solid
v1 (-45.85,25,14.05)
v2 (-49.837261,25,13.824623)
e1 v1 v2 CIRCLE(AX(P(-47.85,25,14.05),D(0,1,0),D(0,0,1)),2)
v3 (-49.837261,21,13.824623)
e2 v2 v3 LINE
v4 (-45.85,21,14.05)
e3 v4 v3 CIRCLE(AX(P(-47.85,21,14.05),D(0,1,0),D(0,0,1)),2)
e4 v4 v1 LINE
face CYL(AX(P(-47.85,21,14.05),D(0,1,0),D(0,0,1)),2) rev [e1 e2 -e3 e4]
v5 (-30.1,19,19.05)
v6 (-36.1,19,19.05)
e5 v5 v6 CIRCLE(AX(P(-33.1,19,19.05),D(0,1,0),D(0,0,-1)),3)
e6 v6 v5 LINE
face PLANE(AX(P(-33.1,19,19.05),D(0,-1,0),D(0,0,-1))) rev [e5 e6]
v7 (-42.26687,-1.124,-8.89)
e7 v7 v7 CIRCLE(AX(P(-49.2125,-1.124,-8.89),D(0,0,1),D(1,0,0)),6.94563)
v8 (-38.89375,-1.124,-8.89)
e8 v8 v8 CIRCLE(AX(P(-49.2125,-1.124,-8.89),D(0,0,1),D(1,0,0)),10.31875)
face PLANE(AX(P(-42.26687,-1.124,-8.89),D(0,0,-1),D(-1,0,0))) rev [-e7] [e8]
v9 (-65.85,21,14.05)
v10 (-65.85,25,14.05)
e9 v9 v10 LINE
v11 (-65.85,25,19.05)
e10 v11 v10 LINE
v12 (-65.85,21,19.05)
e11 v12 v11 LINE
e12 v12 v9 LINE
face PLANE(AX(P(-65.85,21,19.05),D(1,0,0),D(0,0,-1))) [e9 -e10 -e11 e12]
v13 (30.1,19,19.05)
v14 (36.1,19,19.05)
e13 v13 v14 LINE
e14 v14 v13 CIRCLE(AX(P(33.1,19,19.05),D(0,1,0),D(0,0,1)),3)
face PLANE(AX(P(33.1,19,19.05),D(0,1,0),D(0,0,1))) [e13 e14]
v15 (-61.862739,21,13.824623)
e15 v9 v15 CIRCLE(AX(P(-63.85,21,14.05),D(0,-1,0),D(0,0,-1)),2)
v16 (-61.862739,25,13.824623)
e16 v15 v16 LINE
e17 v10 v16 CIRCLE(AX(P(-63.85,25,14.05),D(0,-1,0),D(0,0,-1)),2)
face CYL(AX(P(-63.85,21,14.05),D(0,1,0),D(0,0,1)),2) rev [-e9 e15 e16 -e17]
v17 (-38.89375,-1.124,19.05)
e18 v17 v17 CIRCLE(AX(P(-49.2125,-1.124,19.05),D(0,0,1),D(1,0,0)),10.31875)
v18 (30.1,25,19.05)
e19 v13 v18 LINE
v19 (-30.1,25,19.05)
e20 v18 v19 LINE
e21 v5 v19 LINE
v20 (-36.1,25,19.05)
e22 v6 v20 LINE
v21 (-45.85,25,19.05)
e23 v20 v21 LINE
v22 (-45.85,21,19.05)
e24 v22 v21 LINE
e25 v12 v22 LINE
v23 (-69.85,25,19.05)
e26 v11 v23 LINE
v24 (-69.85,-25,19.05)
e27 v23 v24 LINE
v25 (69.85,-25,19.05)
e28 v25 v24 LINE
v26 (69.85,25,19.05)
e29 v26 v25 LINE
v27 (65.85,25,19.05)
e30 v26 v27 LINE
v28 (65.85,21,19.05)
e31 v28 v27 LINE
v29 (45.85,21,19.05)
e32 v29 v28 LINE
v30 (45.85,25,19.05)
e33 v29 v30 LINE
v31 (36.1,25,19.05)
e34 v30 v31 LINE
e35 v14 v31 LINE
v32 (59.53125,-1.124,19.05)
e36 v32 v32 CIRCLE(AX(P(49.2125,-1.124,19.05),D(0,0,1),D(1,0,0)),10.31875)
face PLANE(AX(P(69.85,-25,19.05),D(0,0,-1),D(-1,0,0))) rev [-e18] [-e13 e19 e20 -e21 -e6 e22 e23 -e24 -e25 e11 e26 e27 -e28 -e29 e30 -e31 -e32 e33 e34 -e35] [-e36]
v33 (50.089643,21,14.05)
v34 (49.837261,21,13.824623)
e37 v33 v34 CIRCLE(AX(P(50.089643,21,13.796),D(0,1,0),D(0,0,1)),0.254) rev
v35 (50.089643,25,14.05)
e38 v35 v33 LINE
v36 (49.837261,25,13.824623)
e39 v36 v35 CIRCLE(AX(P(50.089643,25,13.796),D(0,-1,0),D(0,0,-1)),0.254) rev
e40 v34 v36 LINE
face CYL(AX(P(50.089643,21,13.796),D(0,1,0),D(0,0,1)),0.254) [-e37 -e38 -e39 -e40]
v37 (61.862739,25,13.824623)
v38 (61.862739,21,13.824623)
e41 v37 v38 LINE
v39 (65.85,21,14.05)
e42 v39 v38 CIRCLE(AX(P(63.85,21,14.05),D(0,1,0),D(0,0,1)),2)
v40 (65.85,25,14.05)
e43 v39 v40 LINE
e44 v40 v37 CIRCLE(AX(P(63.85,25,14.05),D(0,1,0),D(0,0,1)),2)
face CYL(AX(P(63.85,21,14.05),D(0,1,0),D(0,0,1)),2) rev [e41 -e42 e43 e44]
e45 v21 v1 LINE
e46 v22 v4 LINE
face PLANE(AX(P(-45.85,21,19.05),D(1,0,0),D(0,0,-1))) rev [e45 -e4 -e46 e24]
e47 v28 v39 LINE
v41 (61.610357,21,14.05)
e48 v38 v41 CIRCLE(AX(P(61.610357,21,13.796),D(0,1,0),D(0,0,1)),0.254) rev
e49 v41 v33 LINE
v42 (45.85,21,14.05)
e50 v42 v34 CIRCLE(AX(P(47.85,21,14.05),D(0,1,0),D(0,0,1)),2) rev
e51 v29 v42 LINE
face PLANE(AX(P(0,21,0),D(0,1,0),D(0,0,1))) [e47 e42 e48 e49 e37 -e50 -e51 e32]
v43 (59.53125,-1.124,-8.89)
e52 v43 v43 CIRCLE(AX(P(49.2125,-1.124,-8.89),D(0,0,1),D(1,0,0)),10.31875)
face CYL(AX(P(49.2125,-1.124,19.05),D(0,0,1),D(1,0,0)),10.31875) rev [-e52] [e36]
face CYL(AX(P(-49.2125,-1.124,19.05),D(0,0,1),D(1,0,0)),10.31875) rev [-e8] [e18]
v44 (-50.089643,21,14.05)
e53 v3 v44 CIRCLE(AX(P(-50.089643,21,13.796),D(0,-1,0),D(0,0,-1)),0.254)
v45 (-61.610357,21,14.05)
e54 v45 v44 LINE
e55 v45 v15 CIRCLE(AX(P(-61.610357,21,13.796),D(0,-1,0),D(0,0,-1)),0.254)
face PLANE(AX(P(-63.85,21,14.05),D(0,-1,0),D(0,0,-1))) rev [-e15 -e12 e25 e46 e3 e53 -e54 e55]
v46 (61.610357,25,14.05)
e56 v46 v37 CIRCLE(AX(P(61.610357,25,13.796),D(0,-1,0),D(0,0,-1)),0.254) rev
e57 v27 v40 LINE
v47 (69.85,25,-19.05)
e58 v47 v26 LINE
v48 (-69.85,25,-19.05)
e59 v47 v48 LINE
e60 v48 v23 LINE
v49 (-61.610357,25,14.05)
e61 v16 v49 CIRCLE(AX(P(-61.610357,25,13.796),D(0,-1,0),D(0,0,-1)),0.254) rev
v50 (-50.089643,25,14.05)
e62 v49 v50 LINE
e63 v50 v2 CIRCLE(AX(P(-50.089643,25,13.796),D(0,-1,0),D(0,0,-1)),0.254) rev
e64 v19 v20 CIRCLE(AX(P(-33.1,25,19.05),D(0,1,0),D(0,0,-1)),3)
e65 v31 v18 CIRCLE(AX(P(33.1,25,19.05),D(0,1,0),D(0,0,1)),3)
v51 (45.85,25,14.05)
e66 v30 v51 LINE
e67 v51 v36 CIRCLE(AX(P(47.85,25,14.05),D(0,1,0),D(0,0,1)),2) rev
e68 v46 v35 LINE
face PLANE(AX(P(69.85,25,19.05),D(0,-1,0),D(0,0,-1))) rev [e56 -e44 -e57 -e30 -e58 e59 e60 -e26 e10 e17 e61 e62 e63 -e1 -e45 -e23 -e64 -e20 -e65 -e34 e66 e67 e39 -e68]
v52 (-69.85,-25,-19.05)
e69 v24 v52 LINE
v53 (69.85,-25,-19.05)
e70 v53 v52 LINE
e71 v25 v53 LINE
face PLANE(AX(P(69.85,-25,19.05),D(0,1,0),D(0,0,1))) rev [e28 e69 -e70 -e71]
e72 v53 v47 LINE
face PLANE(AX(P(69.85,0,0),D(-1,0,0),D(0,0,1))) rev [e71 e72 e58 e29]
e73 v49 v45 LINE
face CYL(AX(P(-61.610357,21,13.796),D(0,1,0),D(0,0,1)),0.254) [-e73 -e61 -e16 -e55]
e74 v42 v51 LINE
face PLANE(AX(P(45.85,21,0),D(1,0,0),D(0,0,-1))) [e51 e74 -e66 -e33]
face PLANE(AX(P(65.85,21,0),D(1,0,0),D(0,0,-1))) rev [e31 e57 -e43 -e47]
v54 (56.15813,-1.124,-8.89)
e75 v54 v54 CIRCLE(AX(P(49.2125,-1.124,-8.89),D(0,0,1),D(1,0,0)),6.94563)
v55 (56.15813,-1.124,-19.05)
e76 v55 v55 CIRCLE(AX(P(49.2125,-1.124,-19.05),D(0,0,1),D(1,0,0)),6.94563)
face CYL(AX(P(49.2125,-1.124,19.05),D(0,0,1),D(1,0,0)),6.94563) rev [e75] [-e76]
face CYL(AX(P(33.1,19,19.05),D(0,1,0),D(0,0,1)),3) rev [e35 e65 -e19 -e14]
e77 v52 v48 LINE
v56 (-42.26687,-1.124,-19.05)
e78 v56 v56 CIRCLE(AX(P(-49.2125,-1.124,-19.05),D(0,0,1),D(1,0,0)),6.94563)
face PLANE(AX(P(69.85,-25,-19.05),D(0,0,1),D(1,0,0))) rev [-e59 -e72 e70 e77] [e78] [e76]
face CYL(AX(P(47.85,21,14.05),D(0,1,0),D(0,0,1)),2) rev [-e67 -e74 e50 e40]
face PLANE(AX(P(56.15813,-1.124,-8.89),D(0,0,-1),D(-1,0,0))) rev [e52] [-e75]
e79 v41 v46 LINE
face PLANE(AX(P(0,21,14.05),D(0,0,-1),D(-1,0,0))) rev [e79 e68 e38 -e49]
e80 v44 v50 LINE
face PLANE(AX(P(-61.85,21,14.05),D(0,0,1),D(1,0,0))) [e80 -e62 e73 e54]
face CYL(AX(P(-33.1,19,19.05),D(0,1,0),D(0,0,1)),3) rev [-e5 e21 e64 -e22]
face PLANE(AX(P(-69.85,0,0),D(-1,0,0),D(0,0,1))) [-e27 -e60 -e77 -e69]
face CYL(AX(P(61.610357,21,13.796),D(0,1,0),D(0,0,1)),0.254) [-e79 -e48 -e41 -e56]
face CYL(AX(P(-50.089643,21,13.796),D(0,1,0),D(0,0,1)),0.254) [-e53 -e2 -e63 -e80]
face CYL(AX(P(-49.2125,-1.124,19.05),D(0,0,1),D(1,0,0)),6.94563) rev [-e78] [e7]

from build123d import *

# Parameters (mm, degrees)
SKETCH1_W                                        = 38.1
SKETCH1_H                                        = 50
BOSS_EXTRUDE1_DEPTH                              = 69.85
CBORE_FOR_1_2_SOCKET_HEAD_CAP_SCREW1_D           = 13.89126
CBORE_FOR_1_2_SOCKET_HEAD_CAP_SCREW1_CBORE_D     = 20.6375
CBORE_FOR_1_2_SOCKET_HEAD_CAP_SCREW1_CBORE_DEPTH = 27.94
CUT_EXTRUDE1_DEPTH                               = 6
CUT_EXTRUDE2_DEPTH                               = 4
FILLET1_R                                        = 0.254


with BuildPart() as part:
    # Sketch1 → Boss-Extrude1 (new body, symmetric)
    with BuildSketch(Plane(origin=(0, 0, 0), x_dir=(0, 0, -1), z_dir=(1, 0, 0))):
        Rectangle(SKETCH1_W, SKETCH1_H)
    extrude(amount=BOSS_EXTRUDE1_DEPTH, both=True)

    # CBORE for 1/2 Socket Head Cap Screw1 (through all)
    with Locations(Plane.XY.offset(19.05)):
        with Locations((-49.2125, -1.124), (49.2125, -1.124)):
            CounterBoreHole(CBORE_FOR_1_2_SOCKET_HEAD_CAP_SCREW1_D / 2, CBORE_FOR_1_2_SOCKET_HEAD_CAP_SCREW1_CBORE_D / 2, CBORE_FOR_1_2_SOCKET_HEAD_CAP_SCREW1_CBORE_DEPTH)

    # Sketch5 → Cut-Extrude1 (cut)
    with BuildSketch(Plane(origin=(0, 25, 0), x_dir=(1, 0, 0), z_dir=(0, 1, 0))):
        with BuildLine():
            Line((-36.1, -19.05), (-30.1, -19.05))
            ThreePointArc((-30.1, -19.05), (-33.1, -16.05), (-36.1, -19.05))
        make_face()
        with BuildLine():
            Line((36.1, -19.05), (30.1, -19.05))
            ThreePointArc((30.1, -19.05), (33.1, -16.05), (36.1, -19.05))
        make_face()
    extrude(amount=-CUT_EXTRUDE1_DEPTH, mode=Mode.SUBTRACT)

    # Sketch7 → Cut-Extrude2 (cut)
    with BuildSketch(Plane(origin=(0, 25, 0), x_dir=(1, 0, 0), z_dir=(0, 1, 0))):
        with BuildLine():
            Line((45.85, -14.05), (45.85, -19.05))
            Line((45.85, -19.05), (65.85, -19.05))
            Line((65.85, -19.05), (65.85, -14.05))
            ThreePointArc((65.85, -14.05), (63.85, -12.05), (61.85, -14.05))
            Line((61.85, -14.05), (49.85, -14.05))
            ThreePointArc((49.85, -14.05), (47.85, -12.05), (45.85, -14.05))
        make_face()
        with BuildLine():
            Line((-61.85, -14.05), (-49.85, -14.05))
            ThreePointArc((-49.85, -14.05), (-47.85, -12.05), (-45.85, -14.05))
            Line((-45.85, -14.05), (-45.85, -19.05))
            Line((-45.85, -19.05), (-65.85, -19.05))
            Line((-65.85, -19.05), (-65.85, -14.05))
            ThreePointArc((-65.85, -14.05), (-63.85, -12.05), (-61.85, -14.05))
        make_face()
    extrude(amount=-CUT_EXTRUDE2_DEPTH, mode=Mode.SUBTRACT)

    # Fillet1
    fillet1_edges = [part.edges().sort_by_distance(p)[0] for p in [
        (49.85, 23, 14.05),
        (61.85, 23, 14.05),
        (-61.85, 23, 14.05),
        (-49.85, 23, 14.05),
    ]]
    fillet(fillet1_edges, radius=FILLET1_R)


solid = part.part
